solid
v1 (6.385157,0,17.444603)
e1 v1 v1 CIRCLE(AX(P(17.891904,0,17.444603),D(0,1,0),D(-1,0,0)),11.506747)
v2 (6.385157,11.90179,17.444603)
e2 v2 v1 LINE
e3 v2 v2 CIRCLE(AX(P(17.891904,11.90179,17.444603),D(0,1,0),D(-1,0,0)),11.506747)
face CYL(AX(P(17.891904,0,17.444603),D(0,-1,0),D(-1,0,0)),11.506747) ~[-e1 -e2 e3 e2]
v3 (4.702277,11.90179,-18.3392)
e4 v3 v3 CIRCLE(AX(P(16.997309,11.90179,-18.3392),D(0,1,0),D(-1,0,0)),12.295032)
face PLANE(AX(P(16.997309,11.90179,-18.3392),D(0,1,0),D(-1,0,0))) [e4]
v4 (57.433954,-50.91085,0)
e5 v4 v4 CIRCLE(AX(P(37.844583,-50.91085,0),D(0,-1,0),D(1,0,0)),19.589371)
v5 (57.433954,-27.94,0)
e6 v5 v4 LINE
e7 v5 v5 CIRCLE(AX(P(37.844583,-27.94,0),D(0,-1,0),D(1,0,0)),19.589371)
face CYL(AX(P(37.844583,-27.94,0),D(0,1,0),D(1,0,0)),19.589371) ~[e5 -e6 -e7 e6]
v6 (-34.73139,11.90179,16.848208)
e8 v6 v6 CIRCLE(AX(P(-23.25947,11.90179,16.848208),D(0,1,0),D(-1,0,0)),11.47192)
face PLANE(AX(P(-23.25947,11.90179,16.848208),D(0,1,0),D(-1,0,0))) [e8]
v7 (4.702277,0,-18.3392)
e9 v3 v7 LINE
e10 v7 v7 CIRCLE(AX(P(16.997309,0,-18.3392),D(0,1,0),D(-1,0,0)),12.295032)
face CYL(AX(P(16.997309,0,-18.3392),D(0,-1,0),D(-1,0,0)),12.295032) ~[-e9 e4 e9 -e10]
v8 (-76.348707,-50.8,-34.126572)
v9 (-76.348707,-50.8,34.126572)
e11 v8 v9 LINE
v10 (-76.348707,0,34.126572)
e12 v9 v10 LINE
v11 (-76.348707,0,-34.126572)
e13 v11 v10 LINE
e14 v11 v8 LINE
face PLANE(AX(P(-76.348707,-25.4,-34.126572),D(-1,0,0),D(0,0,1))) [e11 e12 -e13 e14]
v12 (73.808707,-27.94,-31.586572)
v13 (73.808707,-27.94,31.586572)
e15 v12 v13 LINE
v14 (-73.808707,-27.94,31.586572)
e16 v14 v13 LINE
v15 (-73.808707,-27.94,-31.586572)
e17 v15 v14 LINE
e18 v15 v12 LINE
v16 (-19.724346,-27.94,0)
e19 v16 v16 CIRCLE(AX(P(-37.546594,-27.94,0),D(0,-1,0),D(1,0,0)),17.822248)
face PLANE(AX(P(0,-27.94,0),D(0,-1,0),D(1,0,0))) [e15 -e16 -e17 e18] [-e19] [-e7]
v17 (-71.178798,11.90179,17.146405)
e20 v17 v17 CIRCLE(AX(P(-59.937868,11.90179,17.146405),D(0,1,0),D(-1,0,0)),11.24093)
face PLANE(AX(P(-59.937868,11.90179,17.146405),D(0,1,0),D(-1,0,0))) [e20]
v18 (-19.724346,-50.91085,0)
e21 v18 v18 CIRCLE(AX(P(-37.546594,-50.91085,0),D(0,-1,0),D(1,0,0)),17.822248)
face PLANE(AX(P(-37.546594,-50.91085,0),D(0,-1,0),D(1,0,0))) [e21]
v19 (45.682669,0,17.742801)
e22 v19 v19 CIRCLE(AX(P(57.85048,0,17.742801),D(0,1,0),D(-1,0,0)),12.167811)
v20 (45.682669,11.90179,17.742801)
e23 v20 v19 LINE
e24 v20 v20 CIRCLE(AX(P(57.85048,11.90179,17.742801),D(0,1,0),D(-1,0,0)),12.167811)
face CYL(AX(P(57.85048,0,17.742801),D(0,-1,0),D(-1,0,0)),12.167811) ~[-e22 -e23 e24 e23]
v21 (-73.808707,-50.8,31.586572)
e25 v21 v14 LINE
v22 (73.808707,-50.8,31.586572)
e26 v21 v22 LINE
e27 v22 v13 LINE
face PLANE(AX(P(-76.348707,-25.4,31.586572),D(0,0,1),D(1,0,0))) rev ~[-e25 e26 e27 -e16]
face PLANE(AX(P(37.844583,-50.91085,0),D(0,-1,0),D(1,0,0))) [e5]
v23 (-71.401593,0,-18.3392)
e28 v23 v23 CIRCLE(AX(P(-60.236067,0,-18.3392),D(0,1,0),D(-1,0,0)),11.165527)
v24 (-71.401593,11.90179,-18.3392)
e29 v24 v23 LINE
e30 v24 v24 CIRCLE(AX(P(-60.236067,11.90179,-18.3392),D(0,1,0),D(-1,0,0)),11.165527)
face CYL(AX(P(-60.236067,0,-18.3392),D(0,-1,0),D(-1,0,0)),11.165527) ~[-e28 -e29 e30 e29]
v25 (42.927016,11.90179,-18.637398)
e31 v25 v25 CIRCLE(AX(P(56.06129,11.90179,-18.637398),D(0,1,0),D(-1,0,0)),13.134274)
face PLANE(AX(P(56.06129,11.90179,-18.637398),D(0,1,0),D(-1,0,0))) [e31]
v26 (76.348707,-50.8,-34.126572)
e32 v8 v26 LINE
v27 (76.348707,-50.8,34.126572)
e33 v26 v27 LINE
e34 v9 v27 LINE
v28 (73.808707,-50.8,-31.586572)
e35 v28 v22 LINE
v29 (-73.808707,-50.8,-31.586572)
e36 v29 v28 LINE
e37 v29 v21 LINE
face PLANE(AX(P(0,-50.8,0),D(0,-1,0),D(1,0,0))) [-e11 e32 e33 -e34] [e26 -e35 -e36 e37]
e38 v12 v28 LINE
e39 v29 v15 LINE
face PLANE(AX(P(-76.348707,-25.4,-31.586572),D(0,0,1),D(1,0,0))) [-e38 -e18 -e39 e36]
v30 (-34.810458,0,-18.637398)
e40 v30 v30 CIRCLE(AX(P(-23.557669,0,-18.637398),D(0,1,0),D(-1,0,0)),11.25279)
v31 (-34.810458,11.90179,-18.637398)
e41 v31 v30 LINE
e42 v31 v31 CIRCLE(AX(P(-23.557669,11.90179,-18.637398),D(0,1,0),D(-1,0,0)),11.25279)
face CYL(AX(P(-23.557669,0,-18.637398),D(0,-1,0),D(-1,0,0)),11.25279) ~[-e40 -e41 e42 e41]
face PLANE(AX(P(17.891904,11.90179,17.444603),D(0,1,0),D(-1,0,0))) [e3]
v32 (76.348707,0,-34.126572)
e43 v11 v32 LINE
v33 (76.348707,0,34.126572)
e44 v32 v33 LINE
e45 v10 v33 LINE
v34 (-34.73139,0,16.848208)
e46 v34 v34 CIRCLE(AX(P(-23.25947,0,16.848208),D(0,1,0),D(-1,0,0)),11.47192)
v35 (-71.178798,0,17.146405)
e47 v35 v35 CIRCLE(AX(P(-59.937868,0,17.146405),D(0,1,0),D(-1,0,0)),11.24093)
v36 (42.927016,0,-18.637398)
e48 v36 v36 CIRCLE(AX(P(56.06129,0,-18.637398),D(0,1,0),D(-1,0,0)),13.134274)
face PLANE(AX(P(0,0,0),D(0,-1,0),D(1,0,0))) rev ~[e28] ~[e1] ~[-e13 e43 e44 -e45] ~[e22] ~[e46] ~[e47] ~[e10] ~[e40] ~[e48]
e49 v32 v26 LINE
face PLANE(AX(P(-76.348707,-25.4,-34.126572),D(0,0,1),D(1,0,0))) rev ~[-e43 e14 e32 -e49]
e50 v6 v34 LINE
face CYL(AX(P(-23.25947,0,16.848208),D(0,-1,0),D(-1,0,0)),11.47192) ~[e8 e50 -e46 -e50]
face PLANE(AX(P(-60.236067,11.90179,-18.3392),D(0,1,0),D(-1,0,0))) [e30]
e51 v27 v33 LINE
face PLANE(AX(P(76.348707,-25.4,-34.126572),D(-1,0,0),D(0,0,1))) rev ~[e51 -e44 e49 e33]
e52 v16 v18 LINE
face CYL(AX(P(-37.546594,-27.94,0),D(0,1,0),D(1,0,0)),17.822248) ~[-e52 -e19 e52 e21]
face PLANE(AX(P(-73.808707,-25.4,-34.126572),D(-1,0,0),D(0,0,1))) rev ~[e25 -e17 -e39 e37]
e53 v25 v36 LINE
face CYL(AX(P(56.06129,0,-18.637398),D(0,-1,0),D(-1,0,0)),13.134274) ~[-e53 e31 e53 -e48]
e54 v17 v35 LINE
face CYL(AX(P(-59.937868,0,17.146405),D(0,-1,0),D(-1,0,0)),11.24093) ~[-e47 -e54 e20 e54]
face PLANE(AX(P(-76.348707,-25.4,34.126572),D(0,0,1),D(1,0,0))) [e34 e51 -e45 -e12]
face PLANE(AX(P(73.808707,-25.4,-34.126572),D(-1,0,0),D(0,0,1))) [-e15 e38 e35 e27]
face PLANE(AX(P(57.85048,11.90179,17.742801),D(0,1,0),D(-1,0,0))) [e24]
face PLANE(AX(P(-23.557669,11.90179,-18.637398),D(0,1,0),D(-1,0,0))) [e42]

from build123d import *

# Parameters (mm, degrees)
F0_W     = 152.6974141598
F0_H     = 68.2531446218
F1_DEPTH = 25.4
F2_DEPTH = 25.4
F3_T     = -2.54
F4_DEPTH = 25.4
F5_R     = 11.1655265509
F5_R_2   = 11.2527895093
F5_R_3   = 12.2950319863
F5_R_4   = 13.1342738177
F5_R_5   = 12.1678107689
F5_R_6   = 11.5067470657
F5_R_7   = 11.4719197335
F5_R_8   = 11.2409300987
F6_DEPTH = 11.901790014
F7_DEPTH = 9.59548
F8_R     = 17.8222476658
F8_R_2   = 19.5893706017
F9_DEPTH = 22.97085


with BuildPart() as f1:
    # F0 (on Front) → F1 (new body)
    with BuildSketch(Plane.XZ):
        Rectangle(F0_W, F0_H)
    extrude(amount=F1_DEPTH)

    # F2 (add): a face of the model
    f2_faces = [f1.faces().sort_by_distance(p)[0] for p in [
        (0, -25.4, 0),
    ]]
    extrude(f2_faces, amount=F2_DEPTH)

    # F3
    f3_openings = [f1.faces().sort_by_distance(p)[0] for p in [
        (0, -50.8, 0),
    ]]
    offset(amount=F3_T, openings=f3_openings)

    # F4 (add): a face of the model
    f4_faces = [f1.faces().sort_by_distance(p)[0] for p in [
        (0, -2.54, 0),
    ]]
    extrude(f4_faces, amount=F4_DEPTH)

    # F5 (on face) → F6 (join)
    with BuildSketch(Plane(origin=(0, 0, 0), x_dir=(-1, 0, 0), z_dir=(0, 1, 0))):
        with Locations((60.2360665798, -18.3391999453)):
            Circle(F5_R)
        with Locations((23.5576685518, -18.6373982579)):
            Circle(F5_R_2)
        with Locations((-16.9973094016, -18.3391999453)):
            Circle(F5_R_3)
        with Locations((-56.0612902045, -18.6373982579)):
            Circle(F5_R_4)
        with Locations((-57.8504800797, 17.7428014576)):
            Circle(F5_R_5)
        with Locations((-17.8919043392, 17.4446031451)):
            Circle(F5_R_6)
        with Locations((23.2594702393, 16.8482083827)):
            Circle(F5_R_7)
        with Locations((59.9378682673, 17.1464048326)):
            Circle(F5_R_8)
    extrude(amount=F6_DEPTH)

    # F5 (on face) → F7 (join)
    with BuildSketch(Plane(origin=(0, 0, 0), x_dir=(-1, 0, 0), z_dir=(0, 1, 0))):
        with Locations((60.2360665798, -18.3391999453)):
            Circle(F5_R)
        with Locations((23.5576685518, -18.6373982579)):
            Circle(F5_R_2)
        with Locations((59.9378682673, 17.1464048326)):
            Circle(F5_R_8)
        with Locations((23.2594702393, 16.8482083827)):
            Circle(F5_R_7)
        with Locations((-16.9973094016, -18.3391999453)):
            Circle(F5_R_3)
        with Locations((-56.0612902045, -18.6373982579)):
            Circle(F5_R_4)
        with Locations((-17.8919043392, 17.4446031451)):
            Circle(F5_R_6)
        with Locations((-57.8504800797, 17.7428014576)):
            Circle(F5_R_5)
    extrude(amount=F7_DEPTH)

    # F8 (on face) → F9 (join)
    with BuildSketch(Plane.XZ.offset(27.94)):
        with Locations((-37.5465936959, 0)):
            Circle(F8_R)
        with Locations((37.8445833921, 0)):
            Circle(F8_R_2)
    extrude(amount=F9_DEPTH)


solid = f1.part
